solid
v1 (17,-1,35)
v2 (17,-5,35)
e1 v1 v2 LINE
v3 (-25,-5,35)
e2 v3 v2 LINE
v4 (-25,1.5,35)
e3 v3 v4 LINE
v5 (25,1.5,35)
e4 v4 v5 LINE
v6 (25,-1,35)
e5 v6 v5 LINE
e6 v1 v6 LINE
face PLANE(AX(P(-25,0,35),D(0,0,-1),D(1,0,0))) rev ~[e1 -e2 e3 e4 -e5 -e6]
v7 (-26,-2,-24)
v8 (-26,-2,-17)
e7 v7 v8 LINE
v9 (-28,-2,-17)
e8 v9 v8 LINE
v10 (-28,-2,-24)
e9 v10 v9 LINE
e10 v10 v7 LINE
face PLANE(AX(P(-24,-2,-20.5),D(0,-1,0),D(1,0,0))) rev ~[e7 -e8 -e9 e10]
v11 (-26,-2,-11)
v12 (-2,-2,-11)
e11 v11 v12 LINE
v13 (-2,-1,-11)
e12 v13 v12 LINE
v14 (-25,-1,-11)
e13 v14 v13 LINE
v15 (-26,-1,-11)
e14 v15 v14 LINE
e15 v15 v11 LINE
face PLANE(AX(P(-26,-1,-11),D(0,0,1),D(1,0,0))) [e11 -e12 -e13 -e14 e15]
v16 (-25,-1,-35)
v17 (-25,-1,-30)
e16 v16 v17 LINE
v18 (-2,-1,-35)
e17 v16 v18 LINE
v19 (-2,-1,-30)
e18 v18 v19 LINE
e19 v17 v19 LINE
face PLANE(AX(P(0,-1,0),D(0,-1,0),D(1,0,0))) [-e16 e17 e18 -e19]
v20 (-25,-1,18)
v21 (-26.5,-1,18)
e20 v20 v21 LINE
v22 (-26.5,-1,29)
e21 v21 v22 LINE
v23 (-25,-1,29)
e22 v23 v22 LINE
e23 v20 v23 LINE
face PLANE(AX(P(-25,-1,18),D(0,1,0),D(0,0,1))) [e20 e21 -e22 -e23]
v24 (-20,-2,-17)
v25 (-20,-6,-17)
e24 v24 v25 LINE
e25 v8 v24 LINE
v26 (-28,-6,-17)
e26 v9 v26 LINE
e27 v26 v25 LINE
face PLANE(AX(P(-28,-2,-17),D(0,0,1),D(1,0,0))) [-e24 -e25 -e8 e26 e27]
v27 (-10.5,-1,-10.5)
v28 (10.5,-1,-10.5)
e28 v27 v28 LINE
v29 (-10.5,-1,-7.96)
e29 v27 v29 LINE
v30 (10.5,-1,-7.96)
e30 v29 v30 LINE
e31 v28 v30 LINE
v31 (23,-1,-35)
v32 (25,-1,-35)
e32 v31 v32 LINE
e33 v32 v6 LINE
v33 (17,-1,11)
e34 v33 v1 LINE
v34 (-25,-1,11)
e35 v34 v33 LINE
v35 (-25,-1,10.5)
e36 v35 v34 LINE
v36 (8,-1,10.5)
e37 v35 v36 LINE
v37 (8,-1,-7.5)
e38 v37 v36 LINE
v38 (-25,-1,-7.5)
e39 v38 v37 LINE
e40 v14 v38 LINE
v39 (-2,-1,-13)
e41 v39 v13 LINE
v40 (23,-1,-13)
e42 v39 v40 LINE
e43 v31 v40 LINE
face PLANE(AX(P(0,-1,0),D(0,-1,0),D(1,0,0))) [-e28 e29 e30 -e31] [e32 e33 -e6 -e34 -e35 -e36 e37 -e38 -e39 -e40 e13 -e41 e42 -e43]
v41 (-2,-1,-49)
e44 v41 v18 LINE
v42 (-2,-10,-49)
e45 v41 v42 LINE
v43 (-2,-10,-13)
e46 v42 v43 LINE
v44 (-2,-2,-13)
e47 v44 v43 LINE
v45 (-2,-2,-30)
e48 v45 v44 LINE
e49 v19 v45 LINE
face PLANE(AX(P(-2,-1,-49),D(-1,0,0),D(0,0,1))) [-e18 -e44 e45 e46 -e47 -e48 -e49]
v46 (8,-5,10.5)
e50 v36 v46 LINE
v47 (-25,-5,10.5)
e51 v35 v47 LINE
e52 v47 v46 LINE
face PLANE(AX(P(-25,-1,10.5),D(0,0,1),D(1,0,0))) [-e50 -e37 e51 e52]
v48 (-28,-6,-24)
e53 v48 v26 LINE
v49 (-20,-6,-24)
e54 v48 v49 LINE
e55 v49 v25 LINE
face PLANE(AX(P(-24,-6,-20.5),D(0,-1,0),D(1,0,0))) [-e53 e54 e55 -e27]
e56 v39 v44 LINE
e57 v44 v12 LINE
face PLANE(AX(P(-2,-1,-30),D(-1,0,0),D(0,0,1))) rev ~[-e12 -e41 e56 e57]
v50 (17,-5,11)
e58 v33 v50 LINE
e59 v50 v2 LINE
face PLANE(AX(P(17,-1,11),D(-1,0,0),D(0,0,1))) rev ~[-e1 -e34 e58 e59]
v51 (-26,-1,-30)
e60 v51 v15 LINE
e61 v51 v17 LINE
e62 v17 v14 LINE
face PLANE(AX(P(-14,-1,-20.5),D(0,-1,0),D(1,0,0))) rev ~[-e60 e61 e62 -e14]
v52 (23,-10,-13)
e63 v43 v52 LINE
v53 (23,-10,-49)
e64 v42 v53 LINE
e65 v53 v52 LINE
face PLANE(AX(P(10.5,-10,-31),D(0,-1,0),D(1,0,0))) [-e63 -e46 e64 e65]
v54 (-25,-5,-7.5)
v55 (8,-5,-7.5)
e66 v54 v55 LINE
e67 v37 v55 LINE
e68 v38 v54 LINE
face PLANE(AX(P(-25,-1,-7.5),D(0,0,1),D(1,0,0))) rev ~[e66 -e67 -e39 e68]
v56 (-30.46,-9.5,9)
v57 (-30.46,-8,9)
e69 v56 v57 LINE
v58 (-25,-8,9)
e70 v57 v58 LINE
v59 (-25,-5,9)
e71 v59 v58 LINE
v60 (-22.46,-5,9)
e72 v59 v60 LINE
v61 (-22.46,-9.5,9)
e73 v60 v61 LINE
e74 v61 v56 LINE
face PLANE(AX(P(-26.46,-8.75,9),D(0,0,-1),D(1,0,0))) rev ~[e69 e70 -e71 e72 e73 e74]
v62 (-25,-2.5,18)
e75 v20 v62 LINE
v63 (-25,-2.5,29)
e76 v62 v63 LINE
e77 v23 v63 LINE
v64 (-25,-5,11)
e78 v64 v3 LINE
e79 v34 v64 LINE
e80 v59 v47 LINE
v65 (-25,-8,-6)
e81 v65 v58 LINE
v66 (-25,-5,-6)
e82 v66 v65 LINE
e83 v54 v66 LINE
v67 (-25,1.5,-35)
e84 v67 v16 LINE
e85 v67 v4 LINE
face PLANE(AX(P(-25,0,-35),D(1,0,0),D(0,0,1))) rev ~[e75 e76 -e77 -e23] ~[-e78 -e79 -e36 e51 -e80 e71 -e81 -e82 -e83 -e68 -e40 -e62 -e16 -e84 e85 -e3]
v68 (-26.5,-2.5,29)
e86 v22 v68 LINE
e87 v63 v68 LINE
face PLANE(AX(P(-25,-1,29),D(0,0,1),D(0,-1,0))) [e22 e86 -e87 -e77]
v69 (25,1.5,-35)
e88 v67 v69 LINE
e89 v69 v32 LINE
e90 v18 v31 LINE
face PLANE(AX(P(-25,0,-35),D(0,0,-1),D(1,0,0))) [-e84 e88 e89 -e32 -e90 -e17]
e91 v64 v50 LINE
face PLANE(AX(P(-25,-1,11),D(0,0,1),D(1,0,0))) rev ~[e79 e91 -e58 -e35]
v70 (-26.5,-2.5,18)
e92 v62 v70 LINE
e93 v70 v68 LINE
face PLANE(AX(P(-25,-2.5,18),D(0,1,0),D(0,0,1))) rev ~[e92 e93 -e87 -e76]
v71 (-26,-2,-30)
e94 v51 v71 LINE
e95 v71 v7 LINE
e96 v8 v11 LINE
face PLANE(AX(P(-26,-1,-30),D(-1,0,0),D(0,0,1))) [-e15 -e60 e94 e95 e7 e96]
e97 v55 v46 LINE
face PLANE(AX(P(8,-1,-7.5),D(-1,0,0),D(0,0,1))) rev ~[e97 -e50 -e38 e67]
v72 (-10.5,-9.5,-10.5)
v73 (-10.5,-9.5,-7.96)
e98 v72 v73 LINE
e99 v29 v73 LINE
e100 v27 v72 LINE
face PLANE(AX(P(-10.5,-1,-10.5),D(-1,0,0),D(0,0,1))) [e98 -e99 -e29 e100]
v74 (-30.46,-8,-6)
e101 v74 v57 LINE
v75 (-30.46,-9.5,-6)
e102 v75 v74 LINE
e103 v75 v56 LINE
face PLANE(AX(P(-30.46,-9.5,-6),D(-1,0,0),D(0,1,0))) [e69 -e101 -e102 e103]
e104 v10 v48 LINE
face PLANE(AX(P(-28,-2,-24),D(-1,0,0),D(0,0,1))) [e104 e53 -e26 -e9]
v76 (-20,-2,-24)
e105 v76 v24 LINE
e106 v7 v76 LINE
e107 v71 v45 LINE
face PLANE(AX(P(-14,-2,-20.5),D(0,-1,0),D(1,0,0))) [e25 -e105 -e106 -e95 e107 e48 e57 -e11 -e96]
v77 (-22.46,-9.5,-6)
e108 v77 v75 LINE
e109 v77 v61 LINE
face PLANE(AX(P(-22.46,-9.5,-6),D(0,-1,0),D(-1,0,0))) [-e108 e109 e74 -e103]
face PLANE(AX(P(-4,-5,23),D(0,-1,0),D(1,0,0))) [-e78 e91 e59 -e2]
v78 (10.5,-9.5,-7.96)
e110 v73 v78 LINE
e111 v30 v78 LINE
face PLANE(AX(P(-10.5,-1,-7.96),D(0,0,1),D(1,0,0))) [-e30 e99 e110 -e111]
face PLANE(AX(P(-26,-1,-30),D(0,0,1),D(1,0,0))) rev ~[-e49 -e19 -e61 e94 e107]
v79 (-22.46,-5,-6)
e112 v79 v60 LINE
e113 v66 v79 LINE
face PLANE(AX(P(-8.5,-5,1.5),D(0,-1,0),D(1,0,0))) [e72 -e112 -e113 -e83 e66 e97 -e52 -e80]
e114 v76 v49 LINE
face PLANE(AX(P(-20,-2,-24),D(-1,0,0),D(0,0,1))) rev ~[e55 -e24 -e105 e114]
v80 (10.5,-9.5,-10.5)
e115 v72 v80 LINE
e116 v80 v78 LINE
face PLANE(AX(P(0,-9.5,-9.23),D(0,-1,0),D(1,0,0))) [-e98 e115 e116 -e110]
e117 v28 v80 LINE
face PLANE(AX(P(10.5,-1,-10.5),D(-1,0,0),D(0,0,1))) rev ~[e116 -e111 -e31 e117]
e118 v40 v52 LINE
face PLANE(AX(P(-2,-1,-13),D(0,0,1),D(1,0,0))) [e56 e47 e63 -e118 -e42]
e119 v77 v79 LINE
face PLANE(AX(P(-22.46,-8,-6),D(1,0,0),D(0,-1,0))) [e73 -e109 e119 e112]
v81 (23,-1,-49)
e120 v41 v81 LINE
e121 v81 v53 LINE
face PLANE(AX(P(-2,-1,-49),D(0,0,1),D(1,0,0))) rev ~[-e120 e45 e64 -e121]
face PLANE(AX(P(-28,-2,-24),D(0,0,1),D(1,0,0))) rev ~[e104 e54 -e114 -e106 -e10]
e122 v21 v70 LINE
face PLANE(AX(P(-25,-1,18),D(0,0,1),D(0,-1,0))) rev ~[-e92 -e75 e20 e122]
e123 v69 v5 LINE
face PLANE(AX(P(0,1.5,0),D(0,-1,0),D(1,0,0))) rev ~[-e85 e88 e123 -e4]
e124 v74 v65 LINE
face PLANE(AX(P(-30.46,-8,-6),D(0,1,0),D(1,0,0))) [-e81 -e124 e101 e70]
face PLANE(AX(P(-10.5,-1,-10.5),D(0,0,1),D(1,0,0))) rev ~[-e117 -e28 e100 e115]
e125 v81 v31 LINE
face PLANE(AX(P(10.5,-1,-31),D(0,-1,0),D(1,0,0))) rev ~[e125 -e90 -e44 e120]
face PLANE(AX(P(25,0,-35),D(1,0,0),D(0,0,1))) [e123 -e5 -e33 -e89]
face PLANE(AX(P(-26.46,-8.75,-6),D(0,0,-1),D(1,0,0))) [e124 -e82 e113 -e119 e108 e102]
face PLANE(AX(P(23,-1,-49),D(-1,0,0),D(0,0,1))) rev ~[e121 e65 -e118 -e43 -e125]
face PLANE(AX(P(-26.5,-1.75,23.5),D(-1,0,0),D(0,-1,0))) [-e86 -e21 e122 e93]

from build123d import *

# Parameters (mm, degrees)
F0_W      = 50
F0_H      = 70
F1_DEPTH  = 1
F2_W      = 42
F2_H      = 24
F3_DEPTH  = 4
F4_W      = 25
F4_H      = 36
F5_DEPTH  = 9
F6_W      = 24
F6_H      = 19
F7_DEPTH  = 1
F8_W      = 8
F8_H      = 7
F9_DEPTH  = 4
F10_W     = 33
F10_H     = 18
F11_DEPTH = 4
F12_W     = 2.54
F12_H     = 15
F13_DEPTH = 3
F15_DEPTH = 15
F16_W     = 21
F16_H     = 2.54
F17_DEPTH = 8.5
F18_W     = 1.5
F18_H     = 11
F19_DEPTH = 1.5
F20_DEPTH = 1.5


with BuildPart() as f1:
    # F0 (on Front) → F1 (new body)
    with BuildSketch(Plane.XZ):
        Rectangle(F0_W, F0_H)
    extrude(amount=F1_DEPTH)

    # F2 (on face) → F3 (join)
    with BuildSketch(Plane.XZ.offset(1)):
        with Locations((-4, 23)):
            Rectangle(F2_W, F2_H)
    extrude(amount=F3_DEPTH)

    # F4 (on face) → F5 (join)
    with BuildSketch(Plane.XZ.offset(1)):
        with Locations((10.5, -31)):
            Rectangle(F4_W, F4_H)
    extrude(amount=F5_DEPTH)

    # F6 (on face) → F7 (join)
    with BuildSketch(Plane.XZ.offset(1)):
        with Locations((-14, -20.5)):
            Rectangle(F6_W, F6_H)
    extrude(amount=F7_DEPTH)

    # F8 (on face) → F9 (join)
    with BuildSketch(Plane.XZ.offset(2)):
        with Locations((-24, -20.5)):
            Rectangle(F8_W, F8_H)
    extrude(amount=F9_DEPTH)

    # F10 (on face) → F11 (join)
    with BuildSketch(Plane.XZ.offset(1)):
        with Locations((-8.5, 1.5)):
            Rectangle(F10_W, F10_H)
    extrude(amount=F11_DEPTH)

    # F12 (on face) → F13 (join)
    with BuildSketch(Plane.XZ.offset(5)):
        with Locations((-23.73, 1.5)):
            Rectangle(F12_W, F12_H)
    extrude(amount=F13_DEPTH)

    # F14 (on face) → F15 (join, through all)
    with BuildSketch(Plane(origin=(0, 0, -6), x_dir=(1, 0, 0), z_dir=(0, 0, -1))):
        Polygon((-22.46, 9.5), (-30.46, 9.5), (-30.46, 8), (-25, 8), (-22.46, 8), align=None)
    extrude(amount=-F15_DEPTH)

    # F16 (on face) → F17 (join)
    with BuildSketch(Plane.XZ.offset(1)):
        with Locations((0, -9.23)):
            Rectangle(F16_W, F16_H)
    extrude(amount=F17_DEPTH)

    # F18 (on face) → F19 (join)
    with BuildSketch(Plane(origin=(-25, 0, 0), x_dir=(0, -1, 0), z_dir=(-1, 0, 0))):
        with Locations((1.75, 23.5)):
            Rectangle(F18_W, F18_H)
    extrude(amount=F19_DEPTH)

    # F20 (add): a face of the model
    f20_faces = [f1.faces().sort_by_distance(p)[0] for p in [
        (0, 0, 0),
    ]]
    extrude(f20_faces, amount=F20_DEPTH)


solid = f1.part
